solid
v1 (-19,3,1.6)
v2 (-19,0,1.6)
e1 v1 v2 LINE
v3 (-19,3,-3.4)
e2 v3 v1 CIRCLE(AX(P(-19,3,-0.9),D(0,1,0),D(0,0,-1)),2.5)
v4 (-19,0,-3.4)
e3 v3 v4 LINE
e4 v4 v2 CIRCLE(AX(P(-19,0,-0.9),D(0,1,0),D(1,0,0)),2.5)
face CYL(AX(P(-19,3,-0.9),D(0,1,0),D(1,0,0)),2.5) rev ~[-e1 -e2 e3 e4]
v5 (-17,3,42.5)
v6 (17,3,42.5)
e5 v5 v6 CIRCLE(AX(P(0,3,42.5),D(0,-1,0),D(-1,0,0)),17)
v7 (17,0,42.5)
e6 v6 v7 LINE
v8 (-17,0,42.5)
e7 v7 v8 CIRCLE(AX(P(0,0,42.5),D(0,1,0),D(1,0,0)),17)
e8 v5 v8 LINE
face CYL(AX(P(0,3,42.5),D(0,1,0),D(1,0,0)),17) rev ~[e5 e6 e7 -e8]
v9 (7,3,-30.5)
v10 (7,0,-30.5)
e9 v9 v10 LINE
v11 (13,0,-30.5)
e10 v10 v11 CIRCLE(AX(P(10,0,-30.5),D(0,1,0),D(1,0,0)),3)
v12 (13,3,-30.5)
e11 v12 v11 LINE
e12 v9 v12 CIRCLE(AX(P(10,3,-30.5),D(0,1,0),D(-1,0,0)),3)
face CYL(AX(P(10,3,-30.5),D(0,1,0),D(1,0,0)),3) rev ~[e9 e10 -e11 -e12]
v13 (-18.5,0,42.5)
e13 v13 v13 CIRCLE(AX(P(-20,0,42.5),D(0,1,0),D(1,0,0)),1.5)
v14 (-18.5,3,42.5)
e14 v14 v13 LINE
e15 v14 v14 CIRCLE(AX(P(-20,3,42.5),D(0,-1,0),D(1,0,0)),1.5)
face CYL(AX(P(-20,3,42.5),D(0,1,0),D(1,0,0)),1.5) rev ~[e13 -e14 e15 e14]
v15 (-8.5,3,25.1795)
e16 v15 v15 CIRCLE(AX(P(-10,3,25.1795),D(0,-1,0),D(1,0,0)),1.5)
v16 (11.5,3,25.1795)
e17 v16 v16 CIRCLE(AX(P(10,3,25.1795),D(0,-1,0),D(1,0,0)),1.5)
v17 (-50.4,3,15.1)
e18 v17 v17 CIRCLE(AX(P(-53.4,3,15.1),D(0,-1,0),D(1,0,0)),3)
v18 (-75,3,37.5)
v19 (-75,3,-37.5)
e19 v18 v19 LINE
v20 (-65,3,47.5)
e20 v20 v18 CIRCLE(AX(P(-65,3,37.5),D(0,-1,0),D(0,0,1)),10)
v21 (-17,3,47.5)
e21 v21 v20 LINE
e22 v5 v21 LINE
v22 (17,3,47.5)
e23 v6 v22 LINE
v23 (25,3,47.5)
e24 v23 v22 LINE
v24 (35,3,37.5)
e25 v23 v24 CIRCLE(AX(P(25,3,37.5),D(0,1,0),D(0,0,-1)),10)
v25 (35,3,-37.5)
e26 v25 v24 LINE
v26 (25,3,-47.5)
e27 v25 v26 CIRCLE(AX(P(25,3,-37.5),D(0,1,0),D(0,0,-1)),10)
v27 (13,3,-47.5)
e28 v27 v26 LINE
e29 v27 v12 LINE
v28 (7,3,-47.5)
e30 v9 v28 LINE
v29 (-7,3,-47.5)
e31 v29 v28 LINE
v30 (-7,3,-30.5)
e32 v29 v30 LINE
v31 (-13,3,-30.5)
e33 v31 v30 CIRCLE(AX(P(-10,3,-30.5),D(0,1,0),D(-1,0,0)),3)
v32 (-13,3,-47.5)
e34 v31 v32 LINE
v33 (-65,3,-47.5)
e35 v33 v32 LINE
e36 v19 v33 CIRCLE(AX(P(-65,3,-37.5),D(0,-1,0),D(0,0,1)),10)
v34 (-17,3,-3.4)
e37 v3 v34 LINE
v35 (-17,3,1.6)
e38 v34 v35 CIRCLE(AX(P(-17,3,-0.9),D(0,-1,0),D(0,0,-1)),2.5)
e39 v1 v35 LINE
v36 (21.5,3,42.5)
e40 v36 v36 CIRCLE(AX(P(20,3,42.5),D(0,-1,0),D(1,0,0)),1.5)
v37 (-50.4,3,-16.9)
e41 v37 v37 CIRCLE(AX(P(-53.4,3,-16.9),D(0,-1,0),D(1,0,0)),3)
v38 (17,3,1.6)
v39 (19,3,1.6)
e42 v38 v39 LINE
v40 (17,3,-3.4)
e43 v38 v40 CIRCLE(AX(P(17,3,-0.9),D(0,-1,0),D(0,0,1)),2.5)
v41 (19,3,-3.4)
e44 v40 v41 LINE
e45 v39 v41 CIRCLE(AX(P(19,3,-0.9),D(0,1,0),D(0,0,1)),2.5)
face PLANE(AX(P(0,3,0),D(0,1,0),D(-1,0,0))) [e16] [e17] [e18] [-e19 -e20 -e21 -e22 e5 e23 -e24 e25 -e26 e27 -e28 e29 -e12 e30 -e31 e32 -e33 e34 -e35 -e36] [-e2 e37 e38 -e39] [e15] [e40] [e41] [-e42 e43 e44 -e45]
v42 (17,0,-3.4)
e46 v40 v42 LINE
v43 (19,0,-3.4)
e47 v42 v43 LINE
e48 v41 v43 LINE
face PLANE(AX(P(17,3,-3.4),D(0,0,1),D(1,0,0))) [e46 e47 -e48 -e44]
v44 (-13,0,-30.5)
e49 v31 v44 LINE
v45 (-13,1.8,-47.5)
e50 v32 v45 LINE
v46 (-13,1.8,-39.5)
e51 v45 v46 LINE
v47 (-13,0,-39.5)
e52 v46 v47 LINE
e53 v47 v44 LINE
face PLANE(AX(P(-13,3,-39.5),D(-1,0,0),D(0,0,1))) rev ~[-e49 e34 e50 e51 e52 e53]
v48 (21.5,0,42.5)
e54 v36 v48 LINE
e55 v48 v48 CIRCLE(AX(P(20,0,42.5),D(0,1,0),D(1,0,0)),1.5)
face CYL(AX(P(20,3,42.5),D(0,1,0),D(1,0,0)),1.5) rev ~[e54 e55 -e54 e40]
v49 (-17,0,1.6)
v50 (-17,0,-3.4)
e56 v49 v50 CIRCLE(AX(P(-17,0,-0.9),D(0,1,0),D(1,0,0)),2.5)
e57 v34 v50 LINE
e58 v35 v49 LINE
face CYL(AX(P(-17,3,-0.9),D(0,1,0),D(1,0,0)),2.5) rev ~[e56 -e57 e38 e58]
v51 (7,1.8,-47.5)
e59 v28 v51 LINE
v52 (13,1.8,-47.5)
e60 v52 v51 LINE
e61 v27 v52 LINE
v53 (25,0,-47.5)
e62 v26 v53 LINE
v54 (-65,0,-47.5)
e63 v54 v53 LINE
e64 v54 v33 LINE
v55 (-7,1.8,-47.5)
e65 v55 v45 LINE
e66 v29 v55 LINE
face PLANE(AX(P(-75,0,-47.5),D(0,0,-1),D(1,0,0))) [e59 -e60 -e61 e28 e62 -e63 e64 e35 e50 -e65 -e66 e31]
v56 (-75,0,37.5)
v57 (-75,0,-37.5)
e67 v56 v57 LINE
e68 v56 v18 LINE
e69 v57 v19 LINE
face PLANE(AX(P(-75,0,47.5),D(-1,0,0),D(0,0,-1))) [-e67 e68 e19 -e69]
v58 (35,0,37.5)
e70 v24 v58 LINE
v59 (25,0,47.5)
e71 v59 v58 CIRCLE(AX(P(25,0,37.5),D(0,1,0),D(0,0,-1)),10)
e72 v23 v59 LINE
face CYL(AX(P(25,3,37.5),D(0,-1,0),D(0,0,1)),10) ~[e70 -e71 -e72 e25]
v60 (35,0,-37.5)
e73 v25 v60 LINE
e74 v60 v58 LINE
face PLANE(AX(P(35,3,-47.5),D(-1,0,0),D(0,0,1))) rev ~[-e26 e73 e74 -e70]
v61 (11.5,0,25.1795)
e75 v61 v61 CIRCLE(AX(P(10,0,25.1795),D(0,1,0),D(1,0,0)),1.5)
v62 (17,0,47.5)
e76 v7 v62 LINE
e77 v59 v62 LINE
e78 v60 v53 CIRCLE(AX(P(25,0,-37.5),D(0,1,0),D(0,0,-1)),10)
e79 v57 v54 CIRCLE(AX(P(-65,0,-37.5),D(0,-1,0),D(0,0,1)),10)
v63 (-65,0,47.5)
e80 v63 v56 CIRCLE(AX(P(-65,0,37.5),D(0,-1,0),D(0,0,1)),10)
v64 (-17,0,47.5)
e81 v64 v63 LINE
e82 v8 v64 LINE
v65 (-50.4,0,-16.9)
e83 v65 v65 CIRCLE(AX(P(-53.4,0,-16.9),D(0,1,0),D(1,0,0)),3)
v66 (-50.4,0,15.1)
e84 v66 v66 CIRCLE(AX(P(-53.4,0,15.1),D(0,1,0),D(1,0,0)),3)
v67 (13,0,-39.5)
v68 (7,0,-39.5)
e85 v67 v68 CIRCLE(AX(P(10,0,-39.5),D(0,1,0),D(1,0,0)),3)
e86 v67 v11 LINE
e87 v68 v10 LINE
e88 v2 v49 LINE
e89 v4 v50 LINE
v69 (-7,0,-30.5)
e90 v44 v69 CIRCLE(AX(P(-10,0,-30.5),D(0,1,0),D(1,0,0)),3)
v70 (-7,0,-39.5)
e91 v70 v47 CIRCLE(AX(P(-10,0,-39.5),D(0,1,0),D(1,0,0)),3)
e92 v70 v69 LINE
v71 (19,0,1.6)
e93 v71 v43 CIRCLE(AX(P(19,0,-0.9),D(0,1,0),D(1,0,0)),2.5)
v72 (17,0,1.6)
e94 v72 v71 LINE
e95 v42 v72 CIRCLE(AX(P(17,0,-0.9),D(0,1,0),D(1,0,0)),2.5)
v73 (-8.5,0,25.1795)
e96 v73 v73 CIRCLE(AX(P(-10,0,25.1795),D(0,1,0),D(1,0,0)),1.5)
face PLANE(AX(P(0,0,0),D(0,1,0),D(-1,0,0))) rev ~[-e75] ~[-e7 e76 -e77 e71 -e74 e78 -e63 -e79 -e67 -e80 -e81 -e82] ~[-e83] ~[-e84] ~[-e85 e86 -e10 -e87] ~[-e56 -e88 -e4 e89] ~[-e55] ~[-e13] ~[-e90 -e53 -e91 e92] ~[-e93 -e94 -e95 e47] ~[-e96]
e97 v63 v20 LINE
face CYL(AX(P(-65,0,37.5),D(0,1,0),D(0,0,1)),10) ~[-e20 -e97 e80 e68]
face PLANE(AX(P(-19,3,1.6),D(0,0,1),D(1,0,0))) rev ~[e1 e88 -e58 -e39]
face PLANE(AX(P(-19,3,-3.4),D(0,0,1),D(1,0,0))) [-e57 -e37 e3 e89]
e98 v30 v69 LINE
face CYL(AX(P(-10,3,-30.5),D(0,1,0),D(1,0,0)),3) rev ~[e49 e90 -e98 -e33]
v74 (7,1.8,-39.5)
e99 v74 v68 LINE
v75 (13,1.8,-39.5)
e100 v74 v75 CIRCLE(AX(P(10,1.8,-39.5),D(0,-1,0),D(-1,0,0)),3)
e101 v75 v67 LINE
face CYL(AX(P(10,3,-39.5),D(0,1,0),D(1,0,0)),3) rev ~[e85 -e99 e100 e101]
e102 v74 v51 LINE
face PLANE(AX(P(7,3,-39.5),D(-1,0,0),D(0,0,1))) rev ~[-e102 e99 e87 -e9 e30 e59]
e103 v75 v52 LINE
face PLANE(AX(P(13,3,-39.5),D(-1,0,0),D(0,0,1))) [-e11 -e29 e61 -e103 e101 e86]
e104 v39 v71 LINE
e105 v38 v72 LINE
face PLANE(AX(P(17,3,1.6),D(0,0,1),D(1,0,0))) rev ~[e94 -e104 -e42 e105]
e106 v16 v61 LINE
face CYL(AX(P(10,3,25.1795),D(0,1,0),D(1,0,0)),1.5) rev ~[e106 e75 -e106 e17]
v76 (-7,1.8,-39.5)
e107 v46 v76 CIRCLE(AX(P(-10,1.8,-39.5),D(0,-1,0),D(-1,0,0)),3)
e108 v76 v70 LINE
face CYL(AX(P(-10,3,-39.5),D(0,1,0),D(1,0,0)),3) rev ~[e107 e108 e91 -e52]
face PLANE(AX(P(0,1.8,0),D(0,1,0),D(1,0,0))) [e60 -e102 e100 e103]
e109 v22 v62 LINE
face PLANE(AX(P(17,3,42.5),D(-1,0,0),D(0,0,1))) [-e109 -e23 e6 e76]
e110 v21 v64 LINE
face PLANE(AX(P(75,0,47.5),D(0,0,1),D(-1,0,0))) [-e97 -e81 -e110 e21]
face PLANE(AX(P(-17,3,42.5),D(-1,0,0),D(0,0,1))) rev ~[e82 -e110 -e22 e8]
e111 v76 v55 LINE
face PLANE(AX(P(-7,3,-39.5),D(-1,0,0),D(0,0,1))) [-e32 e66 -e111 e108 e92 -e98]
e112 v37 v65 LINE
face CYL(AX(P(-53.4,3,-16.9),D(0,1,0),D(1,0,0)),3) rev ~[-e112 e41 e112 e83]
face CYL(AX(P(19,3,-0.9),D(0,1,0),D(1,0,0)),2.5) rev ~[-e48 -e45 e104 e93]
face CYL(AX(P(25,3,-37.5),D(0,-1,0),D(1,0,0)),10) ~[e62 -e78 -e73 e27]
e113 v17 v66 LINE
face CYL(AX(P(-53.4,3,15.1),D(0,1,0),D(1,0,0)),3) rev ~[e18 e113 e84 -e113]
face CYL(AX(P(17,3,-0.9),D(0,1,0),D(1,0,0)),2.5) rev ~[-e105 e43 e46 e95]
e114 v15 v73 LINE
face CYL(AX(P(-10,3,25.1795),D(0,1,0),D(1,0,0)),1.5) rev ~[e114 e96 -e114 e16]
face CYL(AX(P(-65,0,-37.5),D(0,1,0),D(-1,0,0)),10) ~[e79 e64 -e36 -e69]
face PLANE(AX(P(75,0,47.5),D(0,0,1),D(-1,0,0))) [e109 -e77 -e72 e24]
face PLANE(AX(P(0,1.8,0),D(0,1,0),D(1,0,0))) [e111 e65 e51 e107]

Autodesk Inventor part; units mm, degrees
ref_plane "YZ Plane" through (0, 0, 0) normal (1, 0, 0) x (0, 1, 0)
ref_plane "XZ Plane" through (0, 0, 0) normal (0, 1, 0) x (-1, 0, 0)
ref_plane "XY Plane" through (0, 0, 0) normal (0, 0, 1) x (1, 0, 0)
sketch "Sketch1" plane through (0, 0, 0) normal (0, 1, 0) x (-1, 0, 0)
  line L0 (-75, 47.5) -> (75, 47.5)
  line L1 (75, 47.5) -> (75, -47.5)
  line L2 (75, -47.5) -> (-75, -47.5)
  line L3 (-75, -47.5) -> (-75, 47.5)
  line L4 (-75, 47.5) -> (75, -47.5) construction
  line L5 (75, 47.5) -> (-75, -47.5) construction
  point P0 (0, 0)
  dimension "d0" = 150
  dimension "d1" = 95
extrude "Extrusion1" add sketch "Sketch1" along normal blind 3
sketch "Sketch4" plane through (0, 3, 0) normal (0, 1, 0) x (1, 0, 0)
  line L0 (75, 47.5) -> (-75, 47.5) projected
  line L1 (-10, 47.5) -> (10, 47.5)
  line L2 (10, 47.5) -> (10, 27.5)
  line L3 (-10, 47.5) -> (-10, 27.5)
  line L4 (-10, 27.5) -> (10, 27.5)
  line L5 (-13, 47.5) -> (-7, 47.5)
  line L6 (7, 47.5) -> (13, 47.5)
  line L7 (-10, 47.5) -> (-10, 42.5)
  line L8 (10, 47.5) -> (10, 42.5)
  line L9 (-10, 42.5) -> (-10, 39.5)
  line L10 (10, 42.5) -> (10, 39.5)
  line L11 (-10, 27.5) -> (-10, 30.5)
  line L12 (10, 27.5) -> (10, 30.5)
  circle A0 centre (-10, 30.5) radius 3
  circle A1 centre (10, 30.5) radius 3
  circle A2 centre (-10, 39.5) radius 3
  circle A3 centre (10, 39.5) radius 3
  line L13 (-13, 39.5) -> (-13, 30.5)
  line L14 (-7, 39.5) -> (-7, 30.5)
  line L15 (7, 39.5) -> (7, 30.5)
  line L16 (13, 39.5) -> (13, 30.5)
  line L17 (-10, 27.5) -> (-7, 27.5)
  line L18 (-7, 27.5) -> (-7, 47.5)
  line L19 (-7, 47.5) -> (-10, 47.5)
  line L20 (-10, 47.5) -> (-10, 27.5)
  line L21 (-10, 47.5) -> (-13, 47.5)
  line L22 (-13, 47.5) -> (-13, 27.5)
  line L23 (-13, 27.5) -> (-10, 27.5)
  line L24 (-10, 27.5) -> (-10, 47.5)
  line L25 (10, 27.5) -> (7, 27.5)
  line L26 (7, 27.5) -> (7, 47.5)
  line L27 (7, 47.5) -> (10, 47.5)
  line L28 (10, 47.5) -> (10, 27.5)
  line L29 (10, 27.5) -> (13, 27.5)
  line L30 (13, 27.5) -> (13, 47.5)
  line L31 (13, 47.5) -> (10, 47.5)
  line L32 (10, 47.5) -> (10, 27.5)
  point P0 (0, 0)
  point P1 (0, 47.5)
  point P2 (7, 47.5)
  point P3 (7, 39.5)
  point P4 (-7, 39.5)
  point P5 (-7, 47.5)
  point P6 (-13, 47.5)
  point P7 (-13, 39.5)
  dimension "d14" = 20
  dimension "d15" = 20
  dimension "d16" = 6
  dimension "d17" = 6
  dimension "d18" = 5
  dimension "d19" = 5
  dimension "d20" = 3
  dimension "d21" = 3
  dimension "d22" = 3
  dimension "d23" = 3
extrude "Extrusion3" cut sketch "Sketch4" against normal through all contours A3 L2 | L16 A1 L2 A3 | L2 A3 | L2 A1 L15 A3 | A1 L2 | L2 A1 | A2 L3 | L14 A0 L3 A2 | L3 A2 | L3 A0 L13 A2 | A0 L3 | L3 A0
extrude "Extrusion5" cut sketch "Sketch4" against normal blind 1.2 contours L30 A3 L2 L0 | L2 A3 L26 L0 | L18 A2 L3 L0 | L3 A2 L22 L0
sketch "Sketch6" plane through (0, 3, 0) normal (0, 1, 0) x (1, 0, 0)
  line L0 (75, 47.5) -> (-75, 47.5) projected
  line L1 (0, 47.5) -> (0, 22.5)
  line L2 (0, 22.5) -> (0, -20.7)
  line L3 (0, -20.7) -> (0, 0.9)
  line L4 (0, 0.9) -> (-53.4, 0.9)
  line L5 (-53.4, -15.1) -> (-53.4, 16.9)
  circle A0 centre (-53.4, 16.9) radius 3
  circle A1 centre (-53.4, -15.1) radius 3
  line L6 (-19, 0.9) -> (19, 0.9)
  circle A2 centre (19, 0.9) radius 2.5
  circle A3 centre (-19, 0.9) radius 2.5
  line L7 (-19, 0.9) -> (-17, 0.9)
  line L8 (19, 0.9) -> (17, 0.9)
  circle A4 centre (17, 0.9) radius 2.5
  circle A5 centre (-17, 0.9) radius 2.5
  line L9 (-19, 3.4) -> (-17, 3.4)
  line L10 (-19, -1.6) -> (-17, -1.6)
  line L11 (17, 3.4) -> (19, 3.4)
  line L12 (17, -1.6) -> (19, -1.6)
  point P0 (0, 0)
  dimension "d40" = 25
  dimension "d41" = 43.2
  dimension "d42" = 53.4
  dimension "d43" = 32
  dimension "d44" = 6
  dimension "d45" = 6
  dimension "d46" = 38
  dimension "d47" = 5
  dimension "d48" = 5
  dimension "d49" = 2
  dimension "d50" = 2
  dimension "d51" = 5
  dimension "d52" = 5
extrude "Extrusion6" cut sketch "Sketch6" against normal through all
sketch "Sketch7" plane through (0, 3, 0) normal (0, 1, 0) x (1, 0, 0)
  line L0 (75, 47.5) -> (-75, 47.5) projected
  line L1 (-75, -47.5) -> (75, -47.5) projected
  line L2 (75, 47.5) -> (35, 47.5)
  line L3 (35, 47.5) -> (35, -47.5)
  line L4 (35, -47.5) -> (75, -47.5)
  line L5 (75, -47.5) -> (75, 47.5)
  point P0 (0, 0)
  point P1 (75, -47.5)
  dimension "d55" = 40
extrude "Extrusion7" cut sketch "Sketch7" against normal through all
sketch "Sketch8" plane through (0, 3, 0) normal (0, 1, 0) x (1, 0, 0)
  line L0 (-75, -47.5) -> (35, -47.5) projected
  line L1 (7, 47.5) -> (-7, 47.5) projected
  line L2 (0, 47.5) -> (0, -42.5)
  circle A0 centre (0, -42.5) radius 25
  circle A1 centre (0, -42.5) radius 20
  line L3 (0, -42.5) -> (-20, -42.5)
  circle A2 centre (-20, -42.5) radius 1.5
  circle A3 centre (-10, -59.8205) radius 1.5
  circle A4 centre (10, -59.8205) radius 1.5
  circle A5 centre (20, -42.5) radius 1.5
  circle A6 centre (10, -25.1795) radius 1.5
  circle A7 centre (-10, -25.1795) radius 1.5
  circle A8 centre (0, -42.5) radius 17
  line L4 (-17, -42.5) -> (-17, -47.5)
  line L5 (17, -42.5) -> (17, -47.5)
  point P0 (0, 0)
  dimension "d60" = 90
  dimension "d61" = 50
  dimension "d62" = 40
  dimension "d63" = 20
  dimension "d64" = 3
  dimension "d67" = 360
  dimension "d69" = 34
extrude "Extrusion8" cut sketch "Sketch8" against normal through all contours L4 A8 L0 | A2 A1 | A1 L3 A2 | A8 L3 L2 L0 | A8 L2 L3 | A1 A2 L3 | A6 A1 | A1 A6 | A7 A1 | A1 A7 | L0 A8 L5 | A5 A1 | A1 A5
fillet "Fillet1" radius 10 4 edges at (35, 1.5, 47.5) (35, 1.5, -47.5) (-75, 1.5, 47.5) (-75, 1.5, -47.5)
properties part number "TopMount"
